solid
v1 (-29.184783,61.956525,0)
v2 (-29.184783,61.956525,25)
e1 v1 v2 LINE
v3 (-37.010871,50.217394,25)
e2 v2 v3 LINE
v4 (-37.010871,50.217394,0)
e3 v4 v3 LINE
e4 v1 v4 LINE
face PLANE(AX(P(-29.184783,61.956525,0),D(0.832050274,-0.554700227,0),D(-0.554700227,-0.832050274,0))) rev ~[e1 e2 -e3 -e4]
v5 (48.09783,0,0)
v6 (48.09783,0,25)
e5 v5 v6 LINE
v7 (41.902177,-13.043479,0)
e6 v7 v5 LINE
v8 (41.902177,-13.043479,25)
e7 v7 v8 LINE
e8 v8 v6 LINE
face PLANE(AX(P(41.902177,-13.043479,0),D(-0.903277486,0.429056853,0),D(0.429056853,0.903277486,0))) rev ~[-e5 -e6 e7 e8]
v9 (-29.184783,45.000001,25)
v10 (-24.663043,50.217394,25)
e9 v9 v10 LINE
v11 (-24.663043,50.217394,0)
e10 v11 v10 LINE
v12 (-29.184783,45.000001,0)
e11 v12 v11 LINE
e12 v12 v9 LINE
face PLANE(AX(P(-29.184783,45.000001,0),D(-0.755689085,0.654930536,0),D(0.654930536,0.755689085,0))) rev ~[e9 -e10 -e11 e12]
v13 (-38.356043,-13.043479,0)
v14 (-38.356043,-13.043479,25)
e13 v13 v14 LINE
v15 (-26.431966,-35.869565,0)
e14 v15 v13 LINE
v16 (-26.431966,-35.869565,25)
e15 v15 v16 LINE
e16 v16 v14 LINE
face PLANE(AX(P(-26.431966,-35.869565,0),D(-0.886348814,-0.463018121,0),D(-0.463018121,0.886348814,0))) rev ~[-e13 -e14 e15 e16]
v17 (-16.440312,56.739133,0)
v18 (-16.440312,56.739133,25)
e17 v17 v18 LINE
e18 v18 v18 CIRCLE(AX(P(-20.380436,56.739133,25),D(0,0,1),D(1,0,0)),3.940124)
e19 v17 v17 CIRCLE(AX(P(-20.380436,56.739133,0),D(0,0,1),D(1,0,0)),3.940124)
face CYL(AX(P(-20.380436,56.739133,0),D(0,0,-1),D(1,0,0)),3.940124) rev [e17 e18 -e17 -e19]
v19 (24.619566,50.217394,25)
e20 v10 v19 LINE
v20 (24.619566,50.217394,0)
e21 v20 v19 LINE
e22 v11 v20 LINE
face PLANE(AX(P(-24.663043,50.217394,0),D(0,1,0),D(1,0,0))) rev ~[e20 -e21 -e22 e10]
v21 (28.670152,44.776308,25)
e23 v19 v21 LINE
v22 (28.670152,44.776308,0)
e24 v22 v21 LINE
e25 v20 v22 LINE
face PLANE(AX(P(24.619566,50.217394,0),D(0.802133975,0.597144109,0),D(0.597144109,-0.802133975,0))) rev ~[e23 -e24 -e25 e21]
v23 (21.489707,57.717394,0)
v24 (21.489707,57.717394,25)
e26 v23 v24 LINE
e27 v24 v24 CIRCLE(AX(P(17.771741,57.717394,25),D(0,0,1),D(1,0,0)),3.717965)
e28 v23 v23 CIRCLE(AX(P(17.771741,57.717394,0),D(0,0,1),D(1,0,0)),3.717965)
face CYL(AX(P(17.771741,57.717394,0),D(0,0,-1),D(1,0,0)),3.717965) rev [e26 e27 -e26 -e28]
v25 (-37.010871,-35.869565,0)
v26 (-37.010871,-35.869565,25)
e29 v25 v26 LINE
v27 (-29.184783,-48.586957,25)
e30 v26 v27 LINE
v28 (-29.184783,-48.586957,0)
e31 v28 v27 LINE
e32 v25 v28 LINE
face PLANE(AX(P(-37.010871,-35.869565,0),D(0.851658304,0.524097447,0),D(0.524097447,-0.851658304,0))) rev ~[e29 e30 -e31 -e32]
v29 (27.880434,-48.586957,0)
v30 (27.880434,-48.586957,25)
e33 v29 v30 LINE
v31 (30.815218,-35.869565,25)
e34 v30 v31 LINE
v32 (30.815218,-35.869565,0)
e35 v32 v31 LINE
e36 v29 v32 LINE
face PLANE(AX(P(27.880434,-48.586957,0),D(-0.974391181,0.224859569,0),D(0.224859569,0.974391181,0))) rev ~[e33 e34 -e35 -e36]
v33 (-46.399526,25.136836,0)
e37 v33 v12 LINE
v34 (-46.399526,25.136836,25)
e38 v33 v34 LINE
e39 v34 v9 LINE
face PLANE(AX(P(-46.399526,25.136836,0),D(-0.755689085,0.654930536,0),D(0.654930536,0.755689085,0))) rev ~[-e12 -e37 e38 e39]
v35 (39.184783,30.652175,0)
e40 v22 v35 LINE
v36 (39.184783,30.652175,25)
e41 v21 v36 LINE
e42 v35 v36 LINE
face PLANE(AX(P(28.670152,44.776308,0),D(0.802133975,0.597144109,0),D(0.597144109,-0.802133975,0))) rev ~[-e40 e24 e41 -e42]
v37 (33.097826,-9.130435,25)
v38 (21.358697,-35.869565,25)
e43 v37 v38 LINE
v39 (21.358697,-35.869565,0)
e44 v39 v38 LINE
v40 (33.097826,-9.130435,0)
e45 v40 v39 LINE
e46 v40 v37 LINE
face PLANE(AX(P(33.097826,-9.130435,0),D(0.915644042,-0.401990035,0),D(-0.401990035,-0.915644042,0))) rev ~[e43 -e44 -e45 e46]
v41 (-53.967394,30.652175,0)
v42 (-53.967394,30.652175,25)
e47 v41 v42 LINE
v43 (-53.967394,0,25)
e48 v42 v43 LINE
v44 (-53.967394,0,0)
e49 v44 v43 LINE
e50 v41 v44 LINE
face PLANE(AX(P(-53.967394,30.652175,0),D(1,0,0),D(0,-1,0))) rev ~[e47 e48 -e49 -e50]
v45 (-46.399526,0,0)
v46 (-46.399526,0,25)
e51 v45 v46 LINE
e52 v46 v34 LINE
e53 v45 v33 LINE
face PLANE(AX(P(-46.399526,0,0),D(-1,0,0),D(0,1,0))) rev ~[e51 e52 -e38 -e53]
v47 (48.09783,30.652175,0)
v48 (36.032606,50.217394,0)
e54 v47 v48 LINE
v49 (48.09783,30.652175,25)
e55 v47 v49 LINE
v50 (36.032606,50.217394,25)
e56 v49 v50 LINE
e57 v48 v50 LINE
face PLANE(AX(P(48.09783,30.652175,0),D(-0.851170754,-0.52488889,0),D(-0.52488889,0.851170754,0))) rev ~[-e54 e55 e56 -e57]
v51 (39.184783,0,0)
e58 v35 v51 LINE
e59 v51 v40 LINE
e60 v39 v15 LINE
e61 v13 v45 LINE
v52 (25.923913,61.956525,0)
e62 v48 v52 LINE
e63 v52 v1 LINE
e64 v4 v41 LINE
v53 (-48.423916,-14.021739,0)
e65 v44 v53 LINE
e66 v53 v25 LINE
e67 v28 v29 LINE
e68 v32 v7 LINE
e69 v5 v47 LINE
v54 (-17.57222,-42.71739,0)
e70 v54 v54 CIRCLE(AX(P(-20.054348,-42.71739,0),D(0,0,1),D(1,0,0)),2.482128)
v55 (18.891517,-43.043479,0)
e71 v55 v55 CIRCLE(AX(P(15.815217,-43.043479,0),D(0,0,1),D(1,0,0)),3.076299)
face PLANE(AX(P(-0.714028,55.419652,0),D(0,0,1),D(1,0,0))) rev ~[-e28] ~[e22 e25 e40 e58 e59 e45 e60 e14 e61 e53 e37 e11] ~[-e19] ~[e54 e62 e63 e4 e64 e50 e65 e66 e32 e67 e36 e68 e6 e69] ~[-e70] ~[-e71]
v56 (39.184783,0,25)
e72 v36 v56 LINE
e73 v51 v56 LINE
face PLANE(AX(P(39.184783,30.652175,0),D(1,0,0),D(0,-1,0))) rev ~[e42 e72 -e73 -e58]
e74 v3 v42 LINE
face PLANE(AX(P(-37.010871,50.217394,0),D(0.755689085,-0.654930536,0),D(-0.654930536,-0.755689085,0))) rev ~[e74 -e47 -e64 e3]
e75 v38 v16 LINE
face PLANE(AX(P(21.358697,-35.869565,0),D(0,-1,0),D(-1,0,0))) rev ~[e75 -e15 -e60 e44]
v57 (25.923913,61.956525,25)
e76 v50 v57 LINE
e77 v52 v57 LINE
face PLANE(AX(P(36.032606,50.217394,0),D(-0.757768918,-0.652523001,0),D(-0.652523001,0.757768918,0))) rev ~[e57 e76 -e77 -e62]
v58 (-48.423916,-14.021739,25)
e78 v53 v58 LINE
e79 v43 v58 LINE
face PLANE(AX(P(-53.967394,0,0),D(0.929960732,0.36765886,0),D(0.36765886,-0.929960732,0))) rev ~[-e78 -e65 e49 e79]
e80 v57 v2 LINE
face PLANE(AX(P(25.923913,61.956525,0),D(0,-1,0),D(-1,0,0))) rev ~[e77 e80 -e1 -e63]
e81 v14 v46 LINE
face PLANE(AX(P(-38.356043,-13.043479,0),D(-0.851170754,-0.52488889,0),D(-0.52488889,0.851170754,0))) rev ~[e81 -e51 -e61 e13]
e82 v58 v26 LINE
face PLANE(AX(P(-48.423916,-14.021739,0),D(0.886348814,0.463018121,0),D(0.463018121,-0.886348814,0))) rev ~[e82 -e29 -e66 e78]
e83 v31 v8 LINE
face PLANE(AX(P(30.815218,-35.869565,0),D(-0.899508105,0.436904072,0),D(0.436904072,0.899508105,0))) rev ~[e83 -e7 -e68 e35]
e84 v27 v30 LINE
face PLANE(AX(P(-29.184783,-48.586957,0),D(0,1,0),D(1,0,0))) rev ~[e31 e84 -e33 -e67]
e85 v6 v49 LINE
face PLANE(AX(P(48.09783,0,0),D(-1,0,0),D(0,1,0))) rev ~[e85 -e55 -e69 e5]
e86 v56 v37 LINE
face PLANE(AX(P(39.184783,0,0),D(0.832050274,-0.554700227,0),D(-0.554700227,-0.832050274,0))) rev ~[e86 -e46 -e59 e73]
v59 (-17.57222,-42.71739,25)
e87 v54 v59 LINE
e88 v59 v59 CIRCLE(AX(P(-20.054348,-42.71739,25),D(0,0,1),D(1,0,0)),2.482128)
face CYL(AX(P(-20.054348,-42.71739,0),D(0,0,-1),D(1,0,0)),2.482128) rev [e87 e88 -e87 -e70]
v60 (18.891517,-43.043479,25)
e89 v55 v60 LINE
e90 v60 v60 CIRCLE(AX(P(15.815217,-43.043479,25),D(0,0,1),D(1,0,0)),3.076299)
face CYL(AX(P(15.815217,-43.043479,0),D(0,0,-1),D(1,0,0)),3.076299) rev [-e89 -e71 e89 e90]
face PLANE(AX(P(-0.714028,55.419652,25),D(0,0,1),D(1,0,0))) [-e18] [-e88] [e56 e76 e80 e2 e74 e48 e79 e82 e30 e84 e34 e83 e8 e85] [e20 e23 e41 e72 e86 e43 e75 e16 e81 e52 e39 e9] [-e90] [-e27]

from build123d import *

# Parameters (mm, degrees)
F0_R     = 3.9401235554
F0_R_2   = 3.7179654295
F0_R_3   = 2.4821275962
F0_R_4   = 3.0762994678
F1_DEPTH = 25


with BuildPart() as f1:
    # F0 (on Top) → F1 (new body)
    with BuildSketch(Plane.XY):
        Polygon((25.9239133447, 61.9565248489), (-29.1847828776, 61.9565248489), (-37.0108708739, 50.2173937857), (-24.6630428207, 50.2173937857), (24.6195662767, 50.2173937857), (36.0326059163, 50.2173937857), align=None)
        with Locations((-20.3804355115, 56.7391328514)):
            Circle(F0_R, mode=Mode.SUBTRACT)
        with Locations((17.7717413753, 57.7173940837)):
            Circle(F0_R_2, mode=Mode.SUBTRACT)
        Polygon((-29.1847828776, 45.0000013742), (-37.0108708739, 50.2173937857), (-53.9673939347, 30.6521747261), (-46.3995258629, 25.1368362456), align=None)
        Polygon((-24.6630428207, 50.2173937857), (-37.0108708739, 50.2173937857), (-29.1847828776, 45.0000013742), align=None)
        Polygon((28.6701515291, 44.7763084559), (36.0326059163, 50.2173937857), (24.6195662767, 50.2173937857), align=None)
        Polygon((48.0978302658, 30.6521747261), (36.0326059163, 50.2173937857), (28.6701515291, 44.7763084559), (39.184783137, 30.6521747261), (39.184783137, 0), (33.0978259444, -9.1304350644), (21.3586967438, -35.8695648611), (30.815217644, -35.8695648611), (41.9021770358, -13.0434790626), (48.0978302658, 0), align=None)
        Polygon((-46.3995258629, 25.1368362456), (-53.9673939347, 30.6521747261), (-53.9673939347, 0), (-48.4239161015, -14.0217393637), (-37.0108708739, -35.8695648611), (-26.4319663345, -35.8695648611), (-38.3560431547, -13.0434790626), (-46.3995258629, 0), align=None)
        Polygon((-26.4319663345, -35.8695648611), (-37.0108708739, -35.8695648611), (-29.1847828776, -48.5869571567), (27.8804339468, -48.5869571567), (30.815217644, -35.8695648611), (21.3586967438, -35.8695648611), align=None)
        with Locations((-20.0543478131, -42.7173897624)):
            Circle(F0_R_3, mode=Mode.SUBTRACT)
        with Locations((15.8152170479, -43.0434793234)):
            Circle(F0_R_4, mode=Mode.SUBTRACT)
    extrude(amount=F1_DEPTH)


solid = f1.part
